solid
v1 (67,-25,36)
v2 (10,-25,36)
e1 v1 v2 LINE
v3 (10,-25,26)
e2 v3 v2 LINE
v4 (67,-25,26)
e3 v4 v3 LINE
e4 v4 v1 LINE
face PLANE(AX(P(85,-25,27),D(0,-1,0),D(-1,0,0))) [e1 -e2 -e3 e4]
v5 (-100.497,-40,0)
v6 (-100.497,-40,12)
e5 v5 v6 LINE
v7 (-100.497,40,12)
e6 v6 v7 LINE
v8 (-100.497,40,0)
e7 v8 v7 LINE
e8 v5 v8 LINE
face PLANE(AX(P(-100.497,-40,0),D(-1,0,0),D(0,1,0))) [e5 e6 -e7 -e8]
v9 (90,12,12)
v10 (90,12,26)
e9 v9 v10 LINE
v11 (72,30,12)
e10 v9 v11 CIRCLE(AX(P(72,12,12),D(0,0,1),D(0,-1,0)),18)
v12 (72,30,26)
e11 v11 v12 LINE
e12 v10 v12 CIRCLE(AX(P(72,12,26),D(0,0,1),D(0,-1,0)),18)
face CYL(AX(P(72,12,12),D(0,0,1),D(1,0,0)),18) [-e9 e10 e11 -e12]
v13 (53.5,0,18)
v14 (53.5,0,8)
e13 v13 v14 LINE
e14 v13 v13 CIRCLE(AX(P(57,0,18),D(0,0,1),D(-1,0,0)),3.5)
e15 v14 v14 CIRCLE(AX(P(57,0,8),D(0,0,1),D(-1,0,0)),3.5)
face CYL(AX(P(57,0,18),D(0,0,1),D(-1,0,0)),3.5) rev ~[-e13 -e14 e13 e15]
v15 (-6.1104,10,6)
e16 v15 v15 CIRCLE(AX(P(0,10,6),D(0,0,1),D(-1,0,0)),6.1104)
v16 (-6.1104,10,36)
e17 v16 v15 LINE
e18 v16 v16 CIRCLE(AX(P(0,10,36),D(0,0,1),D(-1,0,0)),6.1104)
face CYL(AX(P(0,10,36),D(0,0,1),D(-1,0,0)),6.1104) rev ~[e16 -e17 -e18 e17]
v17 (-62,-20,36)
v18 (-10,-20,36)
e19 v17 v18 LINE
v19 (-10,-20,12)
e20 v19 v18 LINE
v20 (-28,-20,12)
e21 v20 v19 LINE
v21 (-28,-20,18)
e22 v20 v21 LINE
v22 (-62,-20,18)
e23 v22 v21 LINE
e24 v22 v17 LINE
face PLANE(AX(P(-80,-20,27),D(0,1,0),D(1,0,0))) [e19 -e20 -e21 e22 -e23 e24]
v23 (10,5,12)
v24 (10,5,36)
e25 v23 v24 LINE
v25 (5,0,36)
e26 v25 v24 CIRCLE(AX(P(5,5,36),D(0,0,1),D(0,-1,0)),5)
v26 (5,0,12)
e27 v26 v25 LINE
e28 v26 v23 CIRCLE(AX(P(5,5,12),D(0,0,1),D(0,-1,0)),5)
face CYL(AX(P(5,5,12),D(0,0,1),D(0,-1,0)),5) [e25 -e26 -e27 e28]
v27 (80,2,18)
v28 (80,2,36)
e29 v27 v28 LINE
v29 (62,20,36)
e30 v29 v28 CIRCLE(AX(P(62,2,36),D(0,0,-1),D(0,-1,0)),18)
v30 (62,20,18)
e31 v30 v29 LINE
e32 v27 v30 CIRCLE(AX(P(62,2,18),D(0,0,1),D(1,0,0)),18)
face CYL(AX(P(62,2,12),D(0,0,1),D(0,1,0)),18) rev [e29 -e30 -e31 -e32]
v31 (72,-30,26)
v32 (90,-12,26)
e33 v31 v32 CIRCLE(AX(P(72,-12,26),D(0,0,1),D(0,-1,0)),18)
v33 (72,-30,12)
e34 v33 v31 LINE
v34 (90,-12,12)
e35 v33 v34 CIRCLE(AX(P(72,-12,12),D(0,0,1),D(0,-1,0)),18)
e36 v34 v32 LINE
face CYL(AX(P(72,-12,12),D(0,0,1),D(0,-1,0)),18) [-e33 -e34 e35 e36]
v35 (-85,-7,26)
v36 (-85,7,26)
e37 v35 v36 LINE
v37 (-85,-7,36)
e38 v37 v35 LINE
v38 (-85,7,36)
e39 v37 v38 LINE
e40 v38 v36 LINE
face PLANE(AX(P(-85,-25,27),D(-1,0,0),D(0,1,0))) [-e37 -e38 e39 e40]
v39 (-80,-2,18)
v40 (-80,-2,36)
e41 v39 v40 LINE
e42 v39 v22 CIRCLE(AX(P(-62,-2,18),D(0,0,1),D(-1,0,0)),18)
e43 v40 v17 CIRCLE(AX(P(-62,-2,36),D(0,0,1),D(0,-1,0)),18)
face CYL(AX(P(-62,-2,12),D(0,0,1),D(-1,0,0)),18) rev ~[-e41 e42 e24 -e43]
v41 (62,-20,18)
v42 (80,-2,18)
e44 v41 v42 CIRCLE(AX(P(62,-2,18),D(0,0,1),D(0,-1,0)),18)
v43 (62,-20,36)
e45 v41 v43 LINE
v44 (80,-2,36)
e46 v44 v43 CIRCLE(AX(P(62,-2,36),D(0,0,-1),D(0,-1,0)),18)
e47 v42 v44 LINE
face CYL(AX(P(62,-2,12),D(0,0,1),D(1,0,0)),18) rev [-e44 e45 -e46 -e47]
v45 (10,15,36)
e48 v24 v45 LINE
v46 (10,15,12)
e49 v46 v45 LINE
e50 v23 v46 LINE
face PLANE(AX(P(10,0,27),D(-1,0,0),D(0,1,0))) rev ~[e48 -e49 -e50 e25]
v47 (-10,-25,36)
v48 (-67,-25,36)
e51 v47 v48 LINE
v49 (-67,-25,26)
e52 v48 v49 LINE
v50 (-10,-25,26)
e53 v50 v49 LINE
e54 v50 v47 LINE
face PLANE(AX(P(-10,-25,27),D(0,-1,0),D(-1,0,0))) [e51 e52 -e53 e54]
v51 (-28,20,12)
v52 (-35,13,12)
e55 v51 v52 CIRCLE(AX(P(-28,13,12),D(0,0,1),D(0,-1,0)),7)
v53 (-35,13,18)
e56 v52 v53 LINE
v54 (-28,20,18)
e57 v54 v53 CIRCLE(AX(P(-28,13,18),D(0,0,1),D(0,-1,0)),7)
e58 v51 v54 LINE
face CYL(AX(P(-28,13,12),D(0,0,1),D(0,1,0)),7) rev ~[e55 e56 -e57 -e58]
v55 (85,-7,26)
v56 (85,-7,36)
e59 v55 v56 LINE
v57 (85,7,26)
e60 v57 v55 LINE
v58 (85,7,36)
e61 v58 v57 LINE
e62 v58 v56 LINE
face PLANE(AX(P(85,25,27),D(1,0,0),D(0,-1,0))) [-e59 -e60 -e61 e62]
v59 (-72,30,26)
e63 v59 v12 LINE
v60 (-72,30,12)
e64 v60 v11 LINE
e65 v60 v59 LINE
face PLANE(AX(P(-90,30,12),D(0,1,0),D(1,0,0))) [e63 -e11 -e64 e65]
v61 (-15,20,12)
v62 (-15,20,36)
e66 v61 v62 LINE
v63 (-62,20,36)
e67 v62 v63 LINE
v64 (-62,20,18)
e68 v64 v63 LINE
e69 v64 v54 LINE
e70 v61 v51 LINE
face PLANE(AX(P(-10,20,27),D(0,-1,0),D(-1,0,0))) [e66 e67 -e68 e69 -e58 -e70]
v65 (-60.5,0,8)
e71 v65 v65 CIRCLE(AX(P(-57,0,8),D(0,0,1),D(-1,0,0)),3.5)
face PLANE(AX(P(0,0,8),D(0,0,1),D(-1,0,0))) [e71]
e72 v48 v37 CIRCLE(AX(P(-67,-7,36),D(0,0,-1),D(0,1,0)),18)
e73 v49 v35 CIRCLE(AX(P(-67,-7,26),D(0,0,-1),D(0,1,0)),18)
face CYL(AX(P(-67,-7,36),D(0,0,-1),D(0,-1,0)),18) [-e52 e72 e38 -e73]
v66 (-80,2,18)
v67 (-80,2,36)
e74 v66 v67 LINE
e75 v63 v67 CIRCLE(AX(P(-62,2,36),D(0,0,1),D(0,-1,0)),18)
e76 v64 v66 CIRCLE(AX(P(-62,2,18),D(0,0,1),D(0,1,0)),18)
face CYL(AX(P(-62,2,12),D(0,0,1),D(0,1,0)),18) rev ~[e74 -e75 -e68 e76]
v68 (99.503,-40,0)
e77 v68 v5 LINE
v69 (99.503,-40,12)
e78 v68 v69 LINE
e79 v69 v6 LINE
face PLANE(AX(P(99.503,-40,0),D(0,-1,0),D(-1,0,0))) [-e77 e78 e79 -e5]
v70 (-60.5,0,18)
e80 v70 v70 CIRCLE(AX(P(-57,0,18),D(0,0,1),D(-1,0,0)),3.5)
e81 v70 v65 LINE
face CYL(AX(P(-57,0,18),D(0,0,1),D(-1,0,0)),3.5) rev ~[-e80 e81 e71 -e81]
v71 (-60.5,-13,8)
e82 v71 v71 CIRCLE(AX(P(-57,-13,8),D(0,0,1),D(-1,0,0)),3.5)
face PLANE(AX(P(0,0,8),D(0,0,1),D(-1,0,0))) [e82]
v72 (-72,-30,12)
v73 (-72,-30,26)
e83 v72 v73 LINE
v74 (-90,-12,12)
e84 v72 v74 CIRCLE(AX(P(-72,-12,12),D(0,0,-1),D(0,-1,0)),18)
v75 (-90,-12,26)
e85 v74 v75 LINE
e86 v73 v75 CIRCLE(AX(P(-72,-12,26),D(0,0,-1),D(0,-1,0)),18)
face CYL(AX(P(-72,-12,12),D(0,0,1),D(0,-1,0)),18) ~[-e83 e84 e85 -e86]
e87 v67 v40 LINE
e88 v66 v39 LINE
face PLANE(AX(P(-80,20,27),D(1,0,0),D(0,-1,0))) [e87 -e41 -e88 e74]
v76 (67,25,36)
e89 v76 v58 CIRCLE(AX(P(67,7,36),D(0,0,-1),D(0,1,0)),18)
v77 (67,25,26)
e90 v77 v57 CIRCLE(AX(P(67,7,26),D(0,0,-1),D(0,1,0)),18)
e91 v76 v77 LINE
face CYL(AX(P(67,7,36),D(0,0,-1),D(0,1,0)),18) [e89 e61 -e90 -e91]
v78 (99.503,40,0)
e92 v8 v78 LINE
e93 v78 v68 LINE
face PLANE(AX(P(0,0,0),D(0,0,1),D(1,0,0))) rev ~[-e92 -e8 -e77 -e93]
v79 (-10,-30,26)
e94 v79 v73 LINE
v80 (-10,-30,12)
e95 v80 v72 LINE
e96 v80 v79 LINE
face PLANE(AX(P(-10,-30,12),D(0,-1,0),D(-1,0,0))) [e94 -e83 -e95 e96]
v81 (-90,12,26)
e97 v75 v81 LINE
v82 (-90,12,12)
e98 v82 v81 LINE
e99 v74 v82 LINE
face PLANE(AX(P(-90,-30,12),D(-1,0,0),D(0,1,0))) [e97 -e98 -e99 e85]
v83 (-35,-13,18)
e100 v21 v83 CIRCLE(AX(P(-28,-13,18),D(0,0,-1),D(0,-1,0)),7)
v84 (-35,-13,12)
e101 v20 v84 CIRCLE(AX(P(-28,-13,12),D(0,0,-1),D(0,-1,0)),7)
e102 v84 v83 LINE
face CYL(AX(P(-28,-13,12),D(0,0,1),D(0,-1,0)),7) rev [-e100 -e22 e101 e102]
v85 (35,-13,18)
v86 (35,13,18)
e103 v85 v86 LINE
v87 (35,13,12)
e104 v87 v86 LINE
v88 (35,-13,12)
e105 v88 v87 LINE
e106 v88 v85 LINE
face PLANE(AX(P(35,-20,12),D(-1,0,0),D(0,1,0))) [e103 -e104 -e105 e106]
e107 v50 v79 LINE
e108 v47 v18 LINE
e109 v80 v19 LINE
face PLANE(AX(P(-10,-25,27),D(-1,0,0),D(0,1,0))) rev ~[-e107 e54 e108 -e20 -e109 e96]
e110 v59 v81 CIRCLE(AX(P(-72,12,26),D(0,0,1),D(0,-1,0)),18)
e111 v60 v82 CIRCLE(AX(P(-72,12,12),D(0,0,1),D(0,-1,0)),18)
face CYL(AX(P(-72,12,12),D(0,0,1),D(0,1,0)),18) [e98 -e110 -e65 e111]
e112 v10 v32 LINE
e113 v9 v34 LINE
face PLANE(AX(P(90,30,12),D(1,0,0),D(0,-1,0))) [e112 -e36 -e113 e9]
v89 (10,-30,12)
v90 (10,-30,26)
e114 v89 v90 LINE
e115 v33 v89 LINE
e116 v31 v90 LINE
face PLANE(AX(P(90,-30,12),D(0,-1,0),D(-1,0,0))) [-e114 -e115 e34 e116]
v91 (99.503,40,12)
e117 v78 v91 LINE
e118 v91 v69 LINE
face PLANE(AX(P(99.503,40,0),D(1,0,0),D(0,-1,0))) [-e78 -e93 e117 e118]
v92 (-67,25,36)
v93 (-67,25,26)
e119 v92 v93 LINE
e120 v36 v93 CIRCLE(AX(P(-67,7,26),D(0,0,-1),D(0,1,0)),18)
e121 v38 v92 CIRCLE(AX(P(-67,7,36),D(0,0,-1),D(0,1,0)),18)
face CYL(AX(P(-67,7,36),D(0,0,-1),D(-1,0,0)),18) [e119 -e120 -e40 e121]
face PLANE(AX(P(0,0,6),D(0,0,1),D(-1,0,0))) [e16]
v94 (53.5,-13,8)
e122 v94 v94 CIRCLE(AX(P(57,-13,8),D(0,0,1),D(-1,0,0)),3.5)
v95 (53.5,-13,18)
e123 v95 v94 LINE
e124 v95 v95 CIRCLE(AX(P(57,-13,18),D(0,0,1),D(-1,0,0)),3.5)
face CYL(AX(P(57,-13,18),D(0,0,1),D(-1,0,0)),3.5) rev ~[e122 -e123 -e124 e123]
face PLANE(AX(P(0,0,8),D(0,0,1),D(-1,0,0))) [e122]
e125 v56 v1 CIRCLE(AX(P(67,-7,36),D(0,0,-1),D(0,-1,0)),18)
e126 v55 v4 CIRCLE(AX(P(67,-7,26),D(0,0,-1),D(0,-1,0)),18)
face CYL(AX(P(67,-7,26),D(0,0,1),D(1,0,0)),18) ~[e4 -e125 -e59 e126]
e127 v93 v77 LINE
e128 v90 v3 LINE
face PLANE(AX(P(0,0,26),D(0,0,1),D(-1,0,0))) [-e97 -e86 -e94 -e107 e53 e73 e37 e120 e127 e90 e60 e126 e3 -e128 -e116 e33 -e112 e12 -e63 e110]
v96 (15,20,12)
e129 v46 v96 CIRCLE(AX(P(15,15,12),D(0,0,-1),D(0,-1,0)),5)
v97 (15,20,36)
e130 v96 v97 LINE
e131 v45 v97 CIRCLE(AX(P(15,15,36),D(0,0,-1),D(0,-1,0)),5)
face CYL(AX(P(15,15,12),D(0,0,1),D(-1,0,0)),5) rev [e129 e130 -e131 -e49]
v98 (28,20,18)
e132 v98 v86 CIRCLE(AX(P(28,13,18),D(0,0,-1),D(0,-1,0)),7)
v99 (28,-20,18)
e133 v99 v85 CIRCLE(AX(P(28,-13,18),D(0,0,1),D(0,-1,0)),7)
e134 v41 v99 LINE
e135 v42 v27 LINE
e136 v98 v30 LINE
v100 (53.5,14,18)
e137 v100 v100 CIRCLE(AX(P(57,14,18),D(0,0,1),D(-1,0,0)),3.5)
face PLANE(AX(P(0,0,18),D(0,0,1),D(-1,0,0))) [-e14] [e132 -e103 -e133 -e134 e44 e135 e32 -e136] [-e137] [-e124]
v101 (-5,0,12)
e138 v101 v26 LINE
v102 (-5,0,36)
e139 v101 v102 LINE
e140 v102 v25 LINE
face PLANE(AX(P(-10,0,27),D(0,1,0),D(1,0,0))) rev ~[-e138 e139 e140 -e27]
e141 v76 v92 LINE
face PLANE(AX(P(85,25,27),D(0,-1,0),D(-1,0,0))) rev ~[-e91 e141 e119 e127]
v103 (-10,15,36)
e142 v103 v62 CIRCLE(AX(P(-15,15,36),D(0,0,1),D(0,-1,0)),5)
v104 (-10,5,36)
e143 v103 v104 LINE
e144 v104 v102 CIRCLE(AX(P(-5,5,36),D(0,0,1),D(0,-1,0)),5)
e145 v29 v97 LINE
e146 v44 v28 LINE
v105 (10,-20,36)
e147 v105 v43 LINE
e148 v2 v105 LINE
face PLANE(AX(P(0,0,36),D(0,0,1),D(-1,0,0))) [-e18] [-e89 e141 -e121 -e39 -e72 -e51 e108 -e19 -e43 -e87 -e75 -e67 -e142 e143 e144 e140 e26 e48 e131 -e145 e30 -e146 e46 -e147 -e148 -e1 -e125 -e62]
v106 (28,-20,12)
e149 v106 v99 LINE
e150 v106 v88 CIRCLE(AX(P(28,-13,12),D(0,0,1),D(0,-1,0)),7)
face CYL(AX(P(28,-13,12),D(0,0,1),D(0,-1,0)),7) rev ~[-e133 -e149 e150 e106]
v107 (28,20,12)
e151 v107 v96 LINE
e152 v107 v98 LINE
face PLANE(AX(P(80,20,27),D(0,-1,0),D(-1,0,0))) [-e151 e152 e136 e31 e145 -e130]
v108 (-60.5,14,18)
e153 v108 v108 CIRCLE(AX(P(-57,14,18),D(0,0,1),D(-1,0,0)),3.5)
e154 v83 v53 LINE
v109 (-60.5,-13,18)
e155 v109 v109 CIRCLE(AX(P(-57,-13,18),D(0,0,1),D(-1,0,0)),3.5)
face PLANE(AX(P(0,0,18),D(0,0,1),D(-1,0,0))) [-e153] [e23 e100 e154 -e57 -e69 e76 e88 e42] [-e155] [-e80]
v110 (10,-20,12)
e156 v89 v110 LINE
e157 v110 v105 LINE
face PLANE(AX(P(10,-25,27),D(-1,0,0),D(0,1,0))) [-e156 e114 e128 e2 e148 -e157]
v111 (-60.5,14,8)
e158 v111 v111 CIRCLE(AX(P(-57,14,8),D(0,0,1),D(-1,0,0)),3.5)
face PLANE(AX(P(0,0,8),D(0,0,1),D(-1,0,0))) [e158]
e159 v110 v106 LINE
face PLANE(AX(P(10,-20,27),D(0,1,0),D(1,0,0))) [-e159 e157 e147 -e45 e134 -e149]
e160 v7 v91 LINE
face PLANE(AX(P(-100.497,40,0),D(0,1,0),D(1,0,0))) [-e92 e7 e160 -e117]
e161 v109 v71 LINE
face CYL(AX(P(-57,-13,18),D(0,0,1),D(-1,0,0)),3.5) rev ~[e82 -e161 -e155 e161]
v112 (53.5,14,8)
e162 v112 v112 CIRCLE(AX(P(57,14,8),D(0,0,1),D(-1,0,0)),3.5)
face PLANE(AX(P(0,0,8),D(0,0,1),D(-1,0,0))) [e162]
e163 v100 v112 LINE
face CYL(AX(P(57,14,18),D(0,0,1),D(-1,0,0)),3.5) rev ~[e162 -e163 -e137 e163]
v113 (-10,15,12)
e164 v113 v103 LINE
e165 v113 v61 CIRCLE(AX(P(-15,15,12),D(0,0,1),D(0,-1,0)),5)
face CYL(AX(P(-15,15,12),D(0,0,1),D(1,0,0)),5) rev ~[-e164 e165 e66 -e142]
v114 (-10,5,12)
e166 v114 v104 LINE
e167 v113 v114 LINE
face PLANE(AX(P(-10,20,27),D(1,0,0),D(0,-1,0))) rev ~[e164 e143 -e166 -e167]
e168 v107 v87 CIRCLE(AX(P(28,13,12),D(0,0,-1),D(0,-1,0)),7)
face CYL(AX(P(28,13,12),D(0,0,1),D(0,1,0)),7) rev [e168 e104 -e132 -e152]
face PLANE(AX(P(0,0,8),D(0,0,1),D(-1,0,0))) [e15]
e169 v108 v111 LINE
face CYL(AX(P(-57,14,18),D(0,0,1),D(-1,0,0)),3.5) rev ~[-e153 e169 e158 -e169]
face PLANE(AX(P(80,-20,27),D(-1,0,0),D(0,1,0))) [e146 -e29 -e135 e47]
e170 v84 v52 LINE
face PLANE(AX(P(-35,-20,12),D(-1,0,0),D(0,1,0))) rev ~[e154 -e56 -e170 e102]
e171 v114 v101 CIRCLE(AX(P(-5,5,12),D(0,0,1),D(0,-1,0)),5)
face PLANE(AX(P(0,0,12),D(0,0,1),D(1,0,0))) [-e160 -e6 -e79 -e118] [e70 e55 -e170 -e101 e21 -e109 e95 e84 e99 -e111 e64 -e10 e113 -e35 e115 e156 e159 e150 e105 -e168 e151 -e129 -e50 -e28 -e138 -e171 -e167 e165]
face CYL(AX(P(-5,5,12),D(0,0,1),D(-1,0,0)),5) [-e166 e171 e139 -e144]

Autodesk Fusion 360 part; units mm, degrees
sketch "Sketch1" plane through (0, 0, 0) normal (0, 0, 1) x (1, 0, 0)
  line L0 (99.503, -40) -> (-100.497, -40)
  line L1 (-100.497, -40) -> (-100.497, 40)
  line L2 (-100.497, 40) -> (99.503, 40)
  line L3 (99.503, 40) -> (99.503, -40)
  line L4 (99.503, -40) -> (-100.497, 40) construction
  line L5 (-100.497, -40) -> (99.503, 40) construction
  point P0 (-0.497, 0)
  dimension "d1" = 200
  dimension "d2" = 80
extrude "Extrude1" add sketch "Sketch1" along normal blind 12
sketch "Sketch2" plane through (0, 0, 12) normal (0, 0, 1) x (-1, 0, 0)
  line L0 (-99.503, -40) -> (100.497, -40)
  line L1 (100.497, -40) -> (100.497, 40)
  line L2 (100.497, 40) -> (-99.503, 40)
  line L3 (-99.503, 40) -> (-99.503, -40)
  line L4 (90, -30) -> (-90, -30)
  line L5 (-90, -30) -> (-90, 30)
  line L6 (-90, 30) -> (-10, 30)
  line L7 (-10, 30) -> (-10, 20)
  line L8 (-10, 20) -> (-80, 20)
  line L9 (-80, 20) -> (-80, -20)
  line L10 (-80, -20) -> (80, -20)
  line L11 (80, -20) -> (80, 20)
  line L12 (80, 20) -> (10, 20)
  line L13 (10, 30) -> (10, 20)
  line L14 (10, 30) -> (90, 30)
  line L15 (90, 30) -> (90, -30)
  line L16 (10, 25) -> (85, 25)
  line L17 (85, 25) -> (85, -25)
  line L18 (85, -25) -> (10, -25)
  line L19 (10, -25) -> (10, 0)
  line L20 (10, 0) -> (-10, 0)
  line L21 (-10, 0) -> (-10, -25)
  line L22 (-10, -25) -> (-85, -25)
  line L23 (-85, -25) -> (-85, 25)
  line L24 (-85, 25) -> (-10, 25)
  line L25 (10, -25) -> (-10, -25)
extrude "Extrude2" add sketch "Sketch2" along normal blind 15 contours L10 L11 L12 L13 L16 L17 L18 L19 | L7 L8 L9 L10 L21 L22 L23 L24 | L10 L19 L21 L25 | L10 L19 L20 L21
sketch "Sketch3" plane through (0, 0, 12) normal (0, 0, 1) x (-1, 0, 0)
  line L0 (10, 25) -> (85, 25)
  line L1 (85, 25) -> (85, -25)
  line L2 (85, -25) -> (-85, -25)
  line L3 (-85, -25) -> (-85, 25)
  line L4 (-85, 25) -> (-10, 25)
  line L5 (-10, 25) -> (-10, 20)
  line L6 (-10, 20) -> (-80, 20)
  line L7 (-80, 20) -> (-80, -20)
  line L8 (-80, -20) -> (-10, -20)
  line L9 (-10, -20) -> (-10, 0)
  line L10 (-10, 0) -> (10, 0)
  line L11 (10, 0) -> (10, -20)
  line L12 (10, -20) -> (80, -20)
  line L13 (80, -20) -> (80, 20)
  line L14 (80, 20) -> (10, 20)
  line L15 (10, 20) -> (10, 25)
  line L16 (-99.503, -40) -> (100.497, -40)
  line L17 (100.497, -40) -> (100.497, 40)
  line L18 (100.497, 40) -> (-99.503, 40)
  line L19 (-99.503, 40) -> (-99.503, -40)
  line L20 (90, -30) -> (-90, -30)
  line L21 (-90, -30) -> (-90, 30)
  line L22 (-90, 30) -> (-10, 30)
  line L23 (-10, 30) -> (-10, 25)
  line L24 (10, 25) -> (10, 30)
  line L25 (10, 30) -> (90, 30)
  line L26 (90, 30) -> (90, -30)
extrude "Extrude3" add sketch "Sketch3" along normal blind 14 contours L0 L1 L2 L3 L4 L20 L21 L22 L23 L24 L25 L26
extrude "Extrude4" add 1 faces at (3.3333, 6.6667, 27) along direction (0, 0, 1) blind 9
fillet "Fillet1" radius 5 2 edges at (-10, 0, 24) (10, 0, 24)
fillet "Fillet2" radius 5 2 edges at (10, 20, 24) (-10, 20, 24)
fillet "Fillet3" radius 18 12 edges at (-85, -25, 31) (-90, -30, 19) (85, -25, 31) (90, -30, 19) (90, 30, 19) (85, 25, 31) (-90, 30, 19) (-85, 25, 31) (-80, 20, 24) (80, 20, 24) (-80, -20, 24) (80, -20, 24)
sketch "Sketch4" plane through (0, 0, 36) normal (0, 0, 1) x (-1, 0, 0)
  arc A0 (67, -25) -> (85, -7) centre (67, -7) ccw
  line L0 (85, -7) -> (85, 7)
  arc A1 (85, 7) -> (67, 25) centre (67, 7) ccw
  line L1 (67, 25) -> (10, 25)
  line L2 (10, 25) -> (10, 20)
  line L3 (10, 20) -> (62, 20)
  arc A2 (80, 2) -> (62, 20) centre (62, 2) ccw
  line L4 (80, 2) -> (80, -2)
  arc A3 (62, -20) -> (80, -2) centre (62, -2) ccw
  line L5 (62, -20) -> (15, -20)
  arc A4 (10, -15) -> (15, -20) centre (15, -15) ccw
  line L6 (10, -15) -> (10, -5)
  arc A5 (10, -5) -> (5, 0) centre (5, -5) ccw
  line L7 (5, 0) -> (-5, 0)
  arc A6 (-5, 0) -> (-10, -5) centre (-5, -5) ccw
  line L8 (-10, -5) -> (-10, -15)
  arc A7 (-15, -20) -> (-10, -15) centre (-15, -15) ccw
  line L9 (-15, -20) -> (-62, -20)
  arc A8 (-80, -2) -> (-62, -20) centre (-62, -2) ccw
  line L10 (-80, -2) -> (-80, 2)
  arc A9 (-62, 20) -> (-80, 2) centre (-62, 2) ccw
  line L11 (-62, 20) -> (-10, 20)
  line L12 (-10, 20) -> (-10, 25)
  line L13 (-10, 25) -> (-67, 25)
  arc A10 (-67, 25) -> (-85, 7) centre (-67, 7) ccw
  line L14 (-85, 7) -> (-85, -7)
  arc A11 (-85, -7) -> (-67, -25) centre (-67, -7) ccw
  line L15 (-67, -25) -> (67, -25)
  circle A12 centre (0, -10) radius 6.1104
extrude "Extrude5" cut sketch "Sketch4" against normal blind 30 contours A12
sketch "Sketch5" plane through (0, 0, 12) normal (0, 0, 1) x (-1, 0, 0)
  arc A0 (-62, 20) -> (-80, 2) centre (-62, 2) ccw
  line L0 (-80, 2) -> (-80, -2)
  arc A1 (-80, -2) -> (-62, -20) centre (-62, -2) ccw
  line L1 (-62, -20) -> (-15, -20)
  arc A2 (-15, -20) -> (-10, -15) centre (-15, -15) ccw
  line L2 (-10, -15) -> (-10, -5)
  arc A3 (-5, 0) -> (-10, -5) centre (-5, -5) ccw
  line L3 (-5, 0) -> (5, 0)
  arc A4 (10, -5) -> (5, 0) centre (5, -5) ccw
  line L4 (10, -5) -> (10, -15)
  arc A5 (10, -15) -> (15, -20) centre (15, -15) ccw
  line L5 (15, -20) -> (62, -20)
  arc A6 (62, -20) -> (80, -2) centre (62, -2) ccw
  line L6 (80, -2) -> (80, 2)
  arc A7 (80, 2) -> (62, 20) centre (62, 2) ccw
  line L7 (62, 20) -> (10, 20)
  line L8 (10, 20) -> (10, 30)
  line L9 (10, 30) -> (72, 30)
  arc A8 (90, 12) -> (72, 30) centre (72, 12) ccw
  line L10 (90, 12) -> (90, -12)
  arc A9 (72, -30) -> (90, -12) centre (72, -12) ccw
  line L11 (72, -30) -> (-72, -30)
  arc A10 (-90, -12) -> (-72, -30) centre (-72, -12) ccw
  line L12 (-90, -12) -> (-90, 12)
  arc A11 (-72, 30) -> (-90, 12) centre (-72, 12) ccw
  line L13 (-72, 30) -> (-10, 30)
  line L14 (-10, 30) -> (-10, 20)
  line L15 (-10, 20) -> (-62, 20)
  line L16 (-99.503, -40) -> (100.497, -40)
  line L17 (100.497, -40) -> (100.497, 40)
  line L18 (100.497, 40) -> (-99.503, 40)
  line L19 (-99.503, 40) -> (-99.503, -40)
  line L20 (35, 20) -> (35, -20)
  line L21 (-35, 20) -> (-35, -20)
extrude "Extrude6" add sketch "Sketch5" along normal blind 6 contours A0 L0 A1 L1 L15 L21 | L5 A6 L6 A7 L7 L20
fillet "Fillet4" radius 7 4 edges at (-35, 20, 15) (35, 20, 15) (35, -20, 15) (-35, -20, 15)
sketch "Sketch6" plane through (0, 0, 18) normal (0, 0, 1) x (-1, 0, 0)
  line L0 (35, 13) -> (35, -13)
  arc A0 (28, -20) -> (35, -13) centre (28, -13) ccw
  line L1 (28, -20) -> (62, -20)
  arc A1 (62, -20) -> (80, -2) centre (62, -2) ccw
  line L2 (80, -2) -> (80, 2)
  arc A2 (80, 2) -> (62, 20) centre (62, 2) ccw
  line L3 (62, 20) -> (28, 20)
  arc A3 (35, 13) -> (28, 20) centre (28, 13) ccw
  circle A4 centre (57, 0) radius 3.5
  circle A5 centre (57, 13) radius 3.5
  circle A6 centre (57, -14) radius 3.5
  dimension "d23" = 7
  dimension "d24" = 7
  dimension "d25" = 7
sketch "Sketch7" plane through (0, 0, 18) normal (0, 0, 1) x (-1, 0, 0)
  arc A0 (-62, 20) -> (-80, 2) centre (-62, 2) ccw
  line L0 (-80, 2) -> (-80, -2)
  arc A1 (-80, -2) -> (-62, -20) centre (-62, -2) ccw
  line L1 (-62, -20) -> (-28, -20)
  arc A2 (-35, -13) -> (-28, -20) centre (-28, -13) ccw
  line L2 (-35, -13) -> (-35, 13)
  arc A3 (-28, 20) -> (-35, 13) centre (-28, 13) ccw
  line L3 (-28, 20) -> (-62, 20)
  circle A4 centre (-57, 0) radius 3.5
  circle A5 centre (-57, -14) radius 3.5
  circle A6 centre (-57, 13) radius 3.5
  dimension "d26" = 7
  dimension "d27" = 7
  dimension "d28" = 7
extrude "Extrude7" cut sketch "Sketch7" sketch "Sketch6" against normal blind 10 contours A4 | A5 | A6 of sketch 2 contours A4 | A5 | A6
